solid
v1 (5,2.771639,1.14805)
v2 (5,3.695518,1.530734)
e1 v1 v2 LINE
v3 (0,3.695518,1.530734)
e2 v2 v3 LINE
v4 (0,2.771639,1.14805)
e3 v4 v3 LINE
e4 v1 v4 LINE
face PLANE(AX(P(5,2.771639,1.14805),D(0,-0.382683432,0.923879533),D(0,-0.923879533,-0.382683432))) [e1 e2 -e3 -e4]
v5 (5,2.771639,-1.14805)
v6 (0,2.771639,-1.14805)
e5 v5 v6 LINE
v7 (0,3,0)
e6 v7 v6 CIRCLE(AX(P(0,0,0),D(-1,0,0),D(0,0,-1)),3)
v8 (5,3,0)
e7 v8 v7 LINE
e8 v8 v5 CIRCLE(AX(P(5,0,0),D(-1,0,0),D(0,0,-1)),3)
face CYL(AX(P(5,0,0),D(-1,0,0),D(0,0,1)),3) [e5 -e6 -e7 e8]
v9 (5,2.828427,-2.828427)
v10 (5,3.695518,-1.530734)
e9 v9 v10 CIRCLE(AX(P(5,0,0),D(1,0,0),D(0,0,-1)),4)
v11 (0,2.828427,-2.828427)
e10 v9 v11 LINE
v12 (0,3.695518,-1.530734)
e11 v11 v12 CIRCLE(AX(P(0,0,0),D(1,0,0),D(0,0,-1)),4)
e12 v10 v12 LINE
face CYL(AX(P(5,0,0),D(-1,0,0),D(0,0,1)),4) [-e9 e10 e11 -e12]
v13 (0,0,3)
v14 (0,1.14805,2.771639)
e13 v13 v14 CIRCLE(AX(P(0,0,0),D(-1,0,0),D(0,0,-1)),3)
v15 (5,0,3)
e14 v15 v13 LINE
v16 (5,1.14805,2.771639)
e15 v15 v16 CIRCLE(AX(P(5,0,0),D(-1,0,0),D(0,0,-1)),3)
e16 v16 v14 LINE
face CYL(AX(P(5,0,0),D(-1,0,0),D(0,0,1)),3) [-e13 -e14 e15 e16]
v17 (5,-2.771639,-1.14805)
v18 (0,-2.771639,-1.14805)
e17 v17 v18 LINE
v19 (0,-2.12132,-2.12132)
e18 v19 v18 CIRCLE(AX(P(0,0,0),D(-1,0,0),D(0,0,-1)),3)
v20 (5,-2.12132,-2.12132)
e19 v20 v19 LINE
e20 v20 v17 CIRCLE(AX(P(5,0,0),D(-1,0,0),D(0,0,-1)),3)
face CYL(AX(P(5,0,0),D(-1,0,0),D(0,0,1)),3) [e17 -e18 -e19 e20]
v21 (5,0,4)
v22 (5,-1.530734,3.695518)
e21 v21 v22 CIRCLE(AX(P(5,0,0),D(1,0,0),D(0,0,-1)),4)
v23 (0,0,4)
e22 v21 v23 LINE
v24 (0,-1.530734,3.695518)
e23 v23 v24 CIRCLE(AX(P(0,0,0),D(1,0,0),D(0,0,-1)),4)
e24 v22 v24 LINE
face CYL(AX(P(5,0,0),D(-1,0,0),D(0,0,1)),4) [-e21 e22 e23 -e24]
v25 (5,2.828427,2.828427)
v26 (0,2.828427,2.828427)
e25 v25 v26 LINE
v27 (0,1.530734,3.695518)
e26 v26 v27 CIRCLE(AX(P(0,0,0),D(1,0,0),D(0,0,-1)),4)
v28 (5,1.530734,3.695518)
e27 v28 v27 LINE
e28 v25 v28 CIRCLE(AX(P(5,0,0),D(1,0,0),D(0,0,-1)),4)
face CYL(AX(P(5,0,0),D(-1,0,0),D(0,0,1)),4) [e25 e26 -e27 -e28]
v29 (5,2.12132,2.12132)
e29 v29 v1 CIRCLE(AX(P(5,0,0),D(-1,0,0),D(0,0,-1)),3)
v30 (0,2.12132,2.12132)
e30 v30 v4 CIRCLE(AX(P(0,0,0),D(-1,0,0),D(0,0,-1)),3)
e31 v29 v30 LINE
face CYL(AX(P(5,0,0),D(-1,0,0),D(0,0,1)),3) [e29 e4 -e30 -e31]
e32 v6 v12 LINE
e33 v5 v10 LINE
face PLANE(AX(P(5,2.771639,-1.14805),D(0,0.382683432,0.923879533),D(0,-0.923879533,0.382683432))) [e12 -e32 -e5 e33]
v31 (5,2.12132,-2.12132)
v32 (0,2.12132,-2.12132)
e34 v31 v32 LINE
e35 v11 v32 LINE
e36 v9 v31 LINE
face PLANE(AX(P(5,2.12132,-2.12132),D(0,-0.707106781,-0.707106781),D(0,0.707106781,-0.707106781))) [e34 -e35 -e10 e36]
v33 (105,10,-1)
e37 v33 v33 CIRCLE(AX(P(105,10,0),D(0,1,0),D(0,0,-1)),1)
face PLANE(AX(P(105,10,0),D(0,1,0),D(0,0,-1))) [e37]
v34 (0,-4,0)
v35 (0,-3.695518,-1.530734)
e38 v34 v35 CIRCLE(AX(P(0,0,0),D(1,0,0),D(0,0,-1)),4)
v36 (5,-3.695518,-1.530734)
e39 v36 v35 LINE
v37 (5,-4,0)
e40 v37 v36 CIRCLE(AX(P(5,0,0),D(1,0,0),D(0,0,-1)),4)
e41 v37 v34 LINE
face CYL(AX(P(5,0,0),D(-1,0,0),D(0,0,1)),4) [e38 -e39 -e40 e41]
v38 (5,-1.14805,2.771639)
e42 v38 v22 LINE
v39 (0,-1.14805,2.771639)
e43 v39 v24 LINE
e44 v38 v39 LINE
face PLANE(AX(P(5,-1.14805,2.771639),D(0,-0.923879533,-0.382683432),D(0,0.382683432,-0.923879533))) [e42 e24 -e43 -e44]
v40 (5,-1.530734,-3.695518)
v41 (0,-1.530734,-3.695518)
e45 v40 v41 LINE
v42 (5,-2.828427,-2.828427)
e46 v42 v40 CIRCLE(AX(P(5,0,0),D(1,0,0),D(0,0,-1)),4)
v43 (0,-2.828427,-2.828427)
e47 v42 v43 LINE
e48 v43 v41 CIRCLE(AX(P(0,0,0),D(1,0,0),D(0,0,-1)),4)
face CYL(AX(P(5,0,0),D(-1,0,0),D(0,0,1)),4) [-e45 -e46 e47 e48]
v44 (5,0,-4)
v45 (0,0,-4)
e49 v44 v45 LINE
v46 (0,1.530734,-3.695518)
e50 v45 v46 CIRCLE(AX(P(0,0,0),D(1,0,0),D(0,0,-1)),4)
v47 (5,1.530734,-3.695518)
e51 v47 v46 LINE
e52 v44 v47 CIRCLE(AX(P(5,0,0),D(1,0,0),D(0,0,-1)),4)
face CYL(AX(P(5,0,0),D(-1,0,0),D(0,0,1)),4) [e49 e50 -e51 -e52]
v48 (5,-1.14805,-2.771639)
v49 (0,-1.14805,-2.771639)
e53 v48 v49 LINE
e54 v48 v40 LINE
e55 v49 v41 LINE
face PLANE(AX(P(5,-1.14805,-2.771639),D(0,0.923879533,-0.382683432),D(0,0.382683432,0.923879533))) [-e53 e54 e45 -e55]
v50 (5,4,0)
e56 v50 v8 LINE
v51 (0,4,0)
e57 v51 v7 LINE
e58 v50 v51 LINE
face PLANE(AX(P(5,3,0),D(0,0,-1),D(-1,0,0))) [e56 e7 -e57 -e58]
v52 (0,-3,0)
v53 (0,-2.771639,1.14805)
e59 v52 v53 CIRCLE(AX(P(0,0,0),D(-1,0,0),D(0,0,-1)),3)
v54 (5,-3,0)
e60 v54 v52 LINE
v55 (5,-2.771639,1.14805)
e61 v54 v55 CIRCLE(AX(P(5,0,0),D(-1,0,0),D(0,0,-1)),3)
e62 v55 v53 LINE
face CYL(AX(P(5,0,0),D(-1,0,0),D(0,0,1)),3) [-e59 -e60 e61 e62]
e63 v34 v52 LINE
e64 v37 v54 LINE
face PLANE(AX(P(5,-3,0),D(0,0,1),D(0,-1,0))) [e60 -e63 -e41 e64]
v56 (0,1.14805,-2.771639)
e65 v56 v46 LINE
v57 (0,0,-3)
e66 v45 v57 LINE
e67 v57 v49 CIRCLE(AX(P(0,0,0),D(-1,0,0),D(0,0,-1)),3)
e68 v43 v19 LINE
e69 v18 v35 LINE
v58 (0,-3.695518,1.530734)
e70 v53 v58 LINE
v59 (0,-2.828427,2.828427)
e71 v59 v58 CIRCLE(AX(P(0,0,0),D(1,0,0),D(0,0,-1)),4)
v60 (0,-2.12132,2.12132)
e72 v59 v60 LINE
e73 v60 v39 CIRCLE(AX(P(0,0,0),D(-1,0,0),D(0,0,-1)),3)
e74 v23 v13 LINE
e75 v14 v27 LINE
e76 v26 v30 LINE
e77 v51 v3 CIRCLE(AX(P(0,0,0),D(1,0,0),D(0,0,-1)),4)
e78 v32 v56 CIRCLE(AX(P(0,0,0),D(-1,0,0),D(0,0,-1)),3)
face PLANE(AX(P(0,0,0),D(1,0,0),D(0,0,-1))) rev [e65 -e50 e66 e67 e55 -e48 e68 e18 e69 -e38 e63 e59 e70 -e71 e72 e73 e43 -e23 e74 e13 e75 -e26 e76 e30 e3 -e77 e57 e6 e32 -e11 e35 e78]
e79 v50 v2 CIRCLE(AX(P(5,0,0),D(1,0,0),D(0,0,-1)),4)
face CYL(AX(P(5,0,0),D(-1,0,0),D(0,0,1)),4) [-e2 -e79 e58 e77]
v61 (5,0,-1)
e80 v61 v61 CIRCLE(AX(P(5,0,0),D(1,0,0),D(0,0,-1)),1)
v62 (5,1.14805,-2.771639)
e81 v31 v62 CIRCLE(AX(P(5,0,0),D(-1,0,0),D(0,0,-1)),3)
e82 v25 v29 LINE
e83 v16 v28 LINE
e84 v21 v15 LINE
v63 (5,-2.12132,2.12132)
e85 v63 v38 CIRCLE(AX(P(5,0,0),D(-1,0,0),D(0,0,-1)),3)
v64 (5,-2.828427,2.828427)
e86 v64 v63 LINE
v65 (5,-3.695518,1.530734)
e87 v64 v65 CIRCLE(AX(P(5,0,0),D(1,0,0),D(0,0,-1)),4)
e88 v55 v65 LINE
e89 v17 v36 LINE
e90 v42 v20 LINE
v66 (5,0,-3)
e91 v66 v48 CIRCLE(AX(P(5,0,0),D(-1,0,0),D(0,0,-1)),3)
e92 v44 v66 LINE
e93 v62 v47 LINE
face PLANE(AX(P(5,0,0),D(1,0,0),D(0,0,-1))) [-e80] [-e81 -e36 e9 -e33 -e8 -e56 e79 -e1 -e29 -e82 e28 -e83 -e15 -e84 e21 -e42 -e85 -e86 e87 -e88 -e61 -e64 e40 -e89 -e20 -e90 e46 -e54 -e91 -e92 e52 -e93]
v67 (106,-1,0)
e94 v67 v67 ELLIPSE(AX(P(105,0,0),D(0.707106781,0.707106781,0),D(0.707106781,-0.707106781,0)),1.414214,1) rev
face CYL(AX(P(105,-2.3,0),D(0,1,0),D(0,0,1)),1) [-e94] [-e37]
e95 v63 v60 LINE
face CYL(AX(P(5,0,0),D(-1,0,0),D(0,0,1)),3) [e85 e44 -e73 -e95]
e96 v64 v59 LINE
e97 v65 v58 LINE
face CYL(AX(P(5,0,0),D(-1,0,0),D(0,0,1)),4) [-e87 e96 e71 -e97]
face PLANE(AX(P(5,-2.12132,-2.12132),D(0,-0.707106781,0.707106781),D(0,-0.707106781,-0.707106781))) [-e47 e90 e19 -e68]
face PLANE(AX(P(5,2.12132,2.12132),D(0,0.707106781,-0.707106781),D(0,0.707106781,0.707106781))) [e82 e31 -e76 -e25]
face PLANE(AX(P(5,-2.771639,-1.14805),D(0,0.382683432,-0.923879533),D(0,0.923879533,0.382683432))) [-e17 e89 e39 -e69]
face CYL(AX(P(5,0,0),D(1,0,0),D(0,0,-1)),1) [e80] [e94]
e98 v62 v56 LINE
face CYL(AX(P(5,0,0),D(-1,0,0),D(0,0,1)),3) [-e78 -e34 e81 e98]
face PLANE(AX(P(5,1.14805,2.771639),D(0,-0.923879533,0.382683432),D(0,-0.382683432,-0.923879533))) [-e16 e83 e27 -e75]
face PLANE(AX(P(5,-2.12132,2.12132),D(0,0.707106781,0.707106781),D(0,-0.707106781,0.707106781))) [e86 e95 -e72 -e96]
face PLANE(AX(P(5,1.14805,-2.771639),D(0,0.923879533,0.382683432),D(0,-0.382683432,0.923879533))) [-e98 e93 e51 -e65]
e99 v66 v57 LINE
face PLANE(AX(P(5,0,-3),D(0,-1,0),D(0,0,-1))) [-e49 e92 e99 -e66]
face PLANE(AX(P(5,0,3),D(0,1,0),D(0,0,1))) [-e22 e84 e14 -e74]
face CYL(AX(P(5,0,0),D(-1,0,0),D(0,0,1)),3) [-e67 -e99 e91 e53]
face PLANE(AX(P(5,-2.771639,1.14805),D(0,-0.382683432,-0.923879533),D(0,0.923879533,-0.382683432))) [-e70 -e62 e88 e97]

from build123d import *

# Parameters (mm, degrees)
IZIM1_R                     = 4
Y_KSEKLIK_EKSTR_ZYON1_DEPTH = 5
KES_EKSTR_ZYON1_DEPTH       = 5
IZIM3_R                     = 1


with BuildPart() as part:
    # Çizim1 → Yükseklik-Ekstrüzyon1 (new body)
    with BuildSketch(Plane(origin=(0, 0, 0), x_dir=(0, 0, -1), z_dir=(1, 0, 0))):
        Circle(IZIM1_R)
    extrude(amount=Y_KSEKLIK_EKSTR_ZYON1_DEPTH)

    # Çizim2 → Kes-Ekstrüzyon1 (cut)
    with BuildSketch(Plane(origin=(0, 0, 0), x_dir=(0, 0, -1), z_dir=(1, 0, 0))):
        with BuildLine():
            Line((0, 3), (0, 4))
            ThreePointArc((0, 4), (0.780361288, 3.923141122), (1.530733729, 3.69551813))
            Line((1.530733729, 3.69551813), (1.148050297, 2.771638598))
            ThreePointArc((1.148050297, 2.771638598), (0.585270966, 2.942355841), (0, 3))
        make_face()
        with BuildLine():
            Line((2.121320344, 2.121320344), (2.828427125, 2.828427125))
            ThreePointArc((2.828427125, 2.828427125), (3.325878449, 2.222280932), (3.69551813, 1.530733729))
            Line((3.69551813, 1.530733729), (2.771638598, 1.148050297))
            ThreePointArc((2.771638598, 1.148050297), (2.494408837, 1.666710699), (2.121320344, 2.121320344))
        make_face()
        with BuildLine():
            Line((3, 0), (4, 0))
            ThreePointArc((4, 0), (3.923141122, -0.780361288), (3.69551813, -1.530733729))
            Line((3.69551813, -1.530733729), (2.771638598, -1.148050297))
            ThreePointArc((2.771638598, -1.148050297), (2.942355841, -0.585270966), (3, 0))
        make_face()
        with BuildLine():
            Line((2.121320344, -2.121320344), (2.828427125, -2.828427125))
            ThreePointArc((2.828427125, -2.828427125), (2.222280932, -3.325878449), (1.530733729, -3.69551813))
            Line((1.530733729, -3.69551813), (1.148050297, -2.771638598))
            ThreePointArc((1.148050297, -2.771638598), (1.666710699, -2.494408837), (2.121320344, -2.121320344))
        make_face()
        with BuildLine():
            Line((0, -3), (0, -4))
            ThreePointArc((0, -4), (-0.780361288, -3.923141122), (-1.530733729, -3.69551813))
            Line((-1.530733729, -3.69551813), (-1.148050297, -2.771638598))
            ThreePointArc((-1.148050297, -2.771638598), (-0.585270966, -2.942355841), (0, -3))
        make_face()
        with BuildLine():
            Line((-2.121320344, -2.121320344), (-2.828427125, -2.828427125))
            ThreePointArc((-2.828427125, -2.828427125), (-3.325878449, -2.222280932), (-3.69551813, -1.530733729))
            Line((-3.69551813, -1.530733729), (-2.771638598, -1.148050297))
            ThreePointArc((-2.771638598, -1.148050297), (-2.494408837, -1.666710699), (-2.121320344, -2.121320344))
        make_face()
        with BuildLine():
            Line((-3, 0), (-4, 0))
            ThreePointArc((-4, 0), (-3.923141122, 0.780361288), (-3.69551813, 1.530733729))
            Line((-3.69551813, 1.530733729), (-2.771638598, 1.148050297))
            ThreePointArc((-2.771638598, 1.148050297), (-2.942355841, 0.585270966), (-3, 0))
        make_face()
        with BuildLine():
            Line((-2.121320344, 2.121320344), (-2.828427125, 2.828427125))
            ThreePointArc((-2.828427125, 2.828427125), (-2.222280932, 3.325878449), (-1.530733729, 3.69551813))
            Line((-1.530733729, 3.69551813), (-1.148050297, 2.771638598))
            ThreePointArc((-1.148050297, 2.771638598), (-1.666710699, 2.494408837), (-2.121320344, 2.121320344))
        make_face()
    extrude(amount=KES_EKSTR_ZYON1_DEPTH, mode=Mode.SUBTRACT)

    # Süpür1: sweep along a path in Çizim4
    with BuildLine(Plane.XY) as s_p_r1_path:
        Line((5, 0), (105, 0))
        Line((105, 0), (105, 10))
    # Çizim3 → Süpür1 (sweep)
    with BuildSketch(Plane(origin=(5, 0, 0), x_dir=(0, 0, -1), z_dir=(1, 0, 0))):
        Circle(IZIM3_R)
    sweep(path=s_p_r1_path.line, transition=Transition.RIGHT)


solid = part.part
